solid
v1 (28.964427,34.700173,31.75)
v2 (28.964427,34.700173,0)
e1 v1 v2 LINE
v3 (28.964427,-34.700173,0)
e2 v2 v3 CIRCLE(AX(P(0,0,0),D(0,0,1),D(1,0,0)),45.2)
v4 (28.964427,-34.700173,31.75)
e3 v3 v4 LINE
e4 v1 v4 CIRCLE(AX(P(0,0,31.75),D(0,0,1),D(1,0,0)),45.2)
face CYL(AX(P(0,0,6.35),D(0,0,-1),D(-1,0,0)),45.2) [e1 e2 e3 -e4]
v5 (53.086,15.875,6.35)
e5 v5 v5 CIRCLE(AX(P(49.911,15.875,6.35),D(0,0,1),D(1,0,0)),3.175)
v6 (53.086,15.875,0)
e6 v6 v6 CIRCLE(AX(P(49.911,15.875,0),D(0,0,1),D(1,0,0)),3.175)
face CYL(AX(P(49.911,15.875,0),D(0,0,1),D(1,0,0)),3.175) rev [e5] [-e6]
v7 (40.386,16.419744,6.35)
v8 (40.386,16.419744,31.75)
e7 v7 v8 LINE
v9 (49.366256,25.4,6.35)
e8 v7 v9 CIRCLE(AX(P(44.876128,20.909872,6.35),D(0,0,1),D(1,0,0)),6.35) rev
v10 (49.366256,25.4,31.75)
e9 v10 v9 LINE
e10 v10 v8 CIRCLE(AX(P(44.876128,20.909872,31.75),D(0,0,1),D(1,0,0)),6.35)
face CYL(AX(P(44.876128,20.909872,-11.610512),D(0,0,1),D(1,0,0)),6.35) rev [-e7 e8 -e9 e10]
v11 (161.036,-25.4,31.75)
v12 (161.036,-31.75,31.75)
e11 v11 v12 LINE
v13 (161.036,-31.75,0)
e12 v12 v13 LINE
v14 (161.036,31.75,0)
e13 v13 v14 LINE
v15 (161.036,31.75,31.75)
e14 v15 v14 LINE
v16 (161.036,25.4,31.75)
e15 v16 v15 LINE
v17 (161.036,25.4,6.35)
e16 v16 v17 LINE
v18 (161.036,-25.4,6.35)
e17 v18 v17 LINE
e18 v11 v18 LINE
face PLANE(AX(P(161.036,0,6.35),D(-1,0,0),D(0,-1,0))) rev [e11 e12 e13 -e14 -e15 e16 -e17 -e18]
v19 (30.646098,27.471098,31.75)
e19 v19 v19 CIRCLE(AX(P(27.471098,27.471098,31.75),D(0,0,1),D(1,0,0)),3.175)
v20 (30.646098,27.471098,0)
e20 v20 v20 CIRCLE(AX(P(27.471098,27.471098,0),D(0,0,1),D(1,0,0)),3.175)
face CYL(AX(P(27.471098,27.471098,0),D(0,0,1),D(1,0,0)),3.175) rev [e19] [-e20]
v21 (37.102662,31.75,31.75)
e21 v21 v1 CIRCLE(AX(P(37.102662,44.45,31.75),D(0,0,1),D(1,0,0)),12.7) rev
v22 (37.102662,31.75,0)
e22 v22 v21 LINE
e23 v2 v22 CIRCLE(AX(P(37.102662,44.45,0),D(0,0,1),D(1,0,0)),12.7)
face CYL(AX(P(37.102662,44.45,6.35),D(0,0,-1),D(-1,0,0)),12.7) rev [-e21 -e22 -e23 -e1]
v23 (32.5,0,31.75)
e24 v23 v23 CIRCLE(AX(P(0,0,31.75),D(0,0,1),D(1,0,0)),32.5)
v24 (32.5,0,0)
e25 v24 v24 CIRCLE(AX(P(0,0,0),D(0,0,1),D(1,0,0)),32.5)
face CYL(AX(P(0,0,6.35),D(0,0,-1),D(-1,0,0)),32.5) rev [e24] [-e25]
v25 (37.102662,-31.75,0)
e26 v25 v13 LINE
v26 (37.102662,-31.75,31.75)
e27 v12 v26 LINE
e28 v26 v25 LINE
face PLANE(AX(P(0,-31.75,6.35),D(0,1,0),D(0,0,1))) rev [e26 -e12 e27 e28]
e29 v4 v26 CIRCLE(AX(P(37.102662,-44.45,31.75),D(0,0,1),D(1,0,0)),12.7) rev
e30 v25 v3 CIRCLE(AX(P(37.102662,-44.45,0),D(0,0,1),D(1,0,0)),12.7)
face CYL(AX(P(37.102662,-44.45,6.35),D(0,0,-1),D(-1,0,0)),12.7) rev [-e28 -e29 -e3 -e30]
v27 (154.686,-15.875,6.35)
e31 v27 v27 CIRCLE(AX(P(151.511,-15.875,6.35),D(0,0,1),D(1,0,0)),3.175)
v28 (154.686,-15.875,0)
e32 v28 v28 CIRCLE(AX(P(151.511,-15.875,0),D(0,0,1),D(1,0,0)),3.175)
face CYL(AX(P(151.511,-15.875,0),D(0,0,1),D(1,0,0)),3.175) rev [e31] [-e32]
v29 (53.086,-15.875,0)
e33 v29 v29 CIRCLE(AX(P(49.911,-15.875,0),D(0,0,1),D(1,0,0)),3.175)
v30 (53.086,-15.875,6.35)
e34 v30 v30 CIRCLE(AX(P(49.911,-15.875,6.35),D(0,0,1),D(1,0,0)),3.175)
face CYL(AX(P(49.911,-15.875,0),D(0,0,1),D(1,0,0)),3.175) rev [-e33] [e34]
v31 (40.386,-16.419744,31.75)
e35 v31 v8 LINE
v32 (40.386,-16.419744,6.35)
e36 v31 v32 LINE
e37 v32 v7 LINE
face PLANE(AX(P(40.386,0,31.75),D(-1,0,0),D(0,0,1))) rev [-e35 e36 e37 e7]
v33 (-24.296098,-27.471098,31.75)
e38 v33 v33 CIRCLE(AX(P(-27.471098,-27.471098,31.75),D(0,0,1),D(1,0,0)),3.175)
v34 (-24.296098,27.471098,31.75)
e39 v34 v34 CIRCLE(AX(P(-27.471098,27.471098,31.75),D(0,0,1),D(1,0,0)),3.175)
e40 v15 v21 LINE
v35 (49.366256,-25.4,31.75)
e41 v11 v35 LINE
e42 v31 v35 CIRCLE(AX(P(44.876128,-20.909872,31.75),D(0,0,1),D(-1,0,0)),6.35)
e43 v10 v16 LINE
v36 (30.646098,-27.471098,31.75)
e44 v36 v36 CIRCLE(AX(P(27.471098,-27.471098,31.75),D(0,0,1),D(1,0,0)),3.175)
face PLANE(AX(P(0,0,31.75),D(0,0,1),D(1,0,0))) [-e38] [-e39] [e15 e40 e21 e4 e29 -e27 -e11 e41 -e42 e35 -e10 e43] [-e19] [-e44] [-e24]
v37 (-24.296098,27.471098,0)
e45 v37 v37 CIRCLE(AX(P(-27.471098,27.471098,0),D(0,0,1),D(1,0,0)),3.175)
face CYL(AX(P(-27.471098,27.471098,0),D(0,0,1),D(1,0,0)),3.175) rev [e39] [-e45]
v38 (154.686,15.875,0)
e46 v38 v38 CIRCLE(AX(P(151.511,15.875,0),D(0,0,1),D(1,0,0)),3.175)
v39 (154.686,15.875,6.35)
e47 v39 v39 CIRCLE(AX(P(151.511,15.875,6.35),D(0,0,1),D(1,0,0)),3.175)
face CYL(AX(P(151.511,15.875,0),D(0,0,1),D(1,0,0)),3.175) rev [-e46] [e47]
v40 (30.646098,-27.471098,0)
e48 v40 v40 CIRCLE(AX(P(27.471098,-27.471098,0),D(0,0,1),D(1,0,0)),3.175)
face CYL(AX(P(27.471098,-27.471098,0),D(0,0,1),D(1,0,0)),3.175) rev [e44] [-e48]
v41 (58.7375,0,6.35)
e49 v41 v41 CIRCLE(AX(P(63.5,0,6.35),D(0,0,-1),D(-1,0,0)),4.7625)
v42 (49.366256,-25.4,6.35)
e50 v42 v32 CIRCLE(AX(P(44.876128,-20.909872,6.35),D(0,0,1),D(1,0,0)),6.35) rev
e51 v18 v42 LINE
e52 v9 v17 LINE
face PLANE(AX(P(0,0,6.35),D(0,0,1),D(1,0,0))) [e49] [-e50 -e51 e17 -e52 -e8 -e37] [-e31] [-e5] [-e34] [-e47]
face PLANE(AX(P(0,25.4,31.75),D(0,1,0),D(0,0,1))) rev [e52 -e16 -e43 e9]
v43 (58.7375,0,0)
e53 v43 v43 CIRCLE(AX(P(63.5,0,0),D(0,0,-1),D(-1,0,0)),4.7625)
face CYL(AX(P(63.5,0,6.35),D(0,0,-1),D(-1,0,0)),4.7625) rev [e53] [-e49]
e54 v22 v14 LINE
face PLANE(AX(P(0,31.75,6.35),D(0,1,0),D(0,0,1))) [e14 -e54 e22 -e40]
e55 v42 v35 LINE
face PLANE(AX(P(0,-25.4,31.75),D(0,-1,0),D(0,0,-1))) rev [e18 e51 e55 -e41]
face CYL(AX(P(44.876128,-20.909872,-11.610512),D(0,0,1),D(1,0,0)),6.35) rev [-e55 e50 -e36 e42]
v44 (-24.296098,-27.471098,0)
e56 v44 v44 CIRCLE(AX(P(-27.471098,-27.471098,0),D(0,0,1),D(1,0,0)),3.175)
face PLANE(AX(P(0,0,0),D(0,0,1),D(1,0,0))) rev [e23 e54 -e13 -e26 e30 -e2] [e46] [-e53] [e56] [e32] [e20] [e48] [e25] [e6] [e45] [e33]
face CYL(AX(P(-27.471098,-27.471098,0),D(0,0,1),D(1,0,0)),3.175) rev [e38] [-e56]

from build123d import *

# Parameters (mm, degrees)
SKETCH1_R               = 32.5
SKETCH1_W               = 120.65
SKETCH1_H               = 50.8
BOSS_EXTRUDE2_DEPTH     = 6.35
BOSS_EXTRUDE3_START     = 6.35
SKETCH1_3_R             = 32.5
BOSS_EXTRUDE3_DEPTH     = 25.4
CUT_EXTRUDE1_DEPTH      = 170.176810751
CUT_EXTRUDE1_DEPTH_BACK = 170.176810751
SKETCH2_R               = 3.175
SKETCH3_R               = 6.35
CUT_EXTRUDE2_DEPTH      = 25.4
SKETCH4_3_R             = 4.7625
CUT_EXTRUDE3_DEPTH      = 6.35
FILLET1_R               = 12.7


with BuildPart() as part:
    # Sketch1 → Boss-Extrude2 (new body)
    # profile 1 of 2: a face of its own
    with BuildSketch(Plane.XY):
        with BuildLine():
            Line((32.171066193, 31.75), (161.036, 31.75))
            Line((161.036, 31.75), (161.036, 25.4))
            Line((161.036, 25.4), (40.386, 25.4))
            Line((40.386, 25.4), (40.386, -25.4))
            Line((40.386, -25.4), (161.036, -25.4))
            Line((161.036, -25.4), (161.036, -31.75))
            Line((161.036, -31.75), (32.171066193, -31.75))
            ThreePointArc((32.171066193, -31.75), (-45.2, 0), (32.171066193, 31.75))
        make_face()
        Circle(SKETCH1_R, mode=Mode.SUBTRACT)
    # profile 2 of 2: a face of its own
    with BuildSketch(Plane.XY):
        with Locations((100.711, 0)):
            Rectangle(SKETCH1_W, SKETCH1_H)
    extrude(amount=BOSS_EXTRUDE2_DEPTH)

    # Sketch1<3> → Boss-Extrude3 (add)
    with BuildSketch(Plane.XY.offset(BOSS_EXTRUDE3_START)):
        with BuildLine():
            Line((32.171066193, 31.75), (161.036, 31.75))
            Line((161.036, 31.75), (161.036, 25.4))
            Line((161.036, 25.4), (40.386, 25.4))
            Line((40.386, 25.4), (40.386, -25.4))
            Line((40.386, -25.4), (161.036, -25.4))
            Line((161.036, -25.4), (161.036, -31.75))
            Line((161.036, -31.75), (32.171066193, -31.75))
            ThreePointArc((32.171066193, -31.75), (-45.2, 0), (32.171066193, 31.75))
        make_face()
        Circle(SKETCH1_3_R, mode=Mode.SUBTRACT)
    extrude(amount=BOSS_EXTRUDE3_DEPTH)

    # Sketch2 → Cut-Extrude1 (cut, two sides: drawn at the far end of the back side and taken through both)
    with BuildSketch(Plane.XY.offset(6.35).offset(-CUT_EXTRUDE1_DEPTH_BACK)):
        with Locations((49.911, 15.875)):
            Circle(SKETCH2_R)
        with Locations((151.511, 15.875)):
            Circle(SKETCH2_R)
        with Locations((151.511, -15.875)):
            Circle(SKETCH2_R)
        with Locations((49.911, -15.875)):
            Circle(SKETCH2_R)
        with Locations((27.471098449, 27.471098449)):
            Circle(SKETCH2_R)
        with Locations((27.471098449, -27.471098449)):
            Circle(SKETCH2_R)
        with Locations((-27.471098449, -27.471098449)):
            Circle(SKETCH2_R)
        with Locations((-27.471098449, 27.471098449)):
            Circle(SKETCH2_R)
    extrude(amount=CUT_EXTRUDE1_DEPTH + CUT_EXTRUDE1_DEPTH_BACK, mode=Mode.SUBTRACT)

    # Sketch3 → Cut-Extrude2 (cut)
    with BuildSketch(Plane.XY.offset(31.75)):
        with Locations((44.876128061, 20.909871939)):
            Circle(SKETCH3_R)
        with Locations((44.876128061, -20.909871939)):
            Circle(SKETCH3_R)
    extrude(amount=-CUT_EXTRUDE2_DEPTH, mode=Mode.SUBTRACT)

    # Sketch4<3> → Cut-Extrude3 (cut)
    with BuildSketch(Plane(origin=(0, 0, 0), x_dir=(-1, 0, 0), z_dir=(0, 0, -1))):
        with Locations((-63.5, 0)):
            Circle(SKETCH4_3_R)
    extrude(amount=-CUT_EXTRUDE3_DEPTH, mode=Mode.SUBTRACT)

    # Fillet1
    fillet1_edges = [part.edges().sort_by_distance(p)[0] for p in [
        (32.171066193, -31.75, 15.875),
        (32.171066193, 31.75, 15.875),
    ]]
    fillet(fillet1_edges, radius=FILLET1_R)


solid = part.part
